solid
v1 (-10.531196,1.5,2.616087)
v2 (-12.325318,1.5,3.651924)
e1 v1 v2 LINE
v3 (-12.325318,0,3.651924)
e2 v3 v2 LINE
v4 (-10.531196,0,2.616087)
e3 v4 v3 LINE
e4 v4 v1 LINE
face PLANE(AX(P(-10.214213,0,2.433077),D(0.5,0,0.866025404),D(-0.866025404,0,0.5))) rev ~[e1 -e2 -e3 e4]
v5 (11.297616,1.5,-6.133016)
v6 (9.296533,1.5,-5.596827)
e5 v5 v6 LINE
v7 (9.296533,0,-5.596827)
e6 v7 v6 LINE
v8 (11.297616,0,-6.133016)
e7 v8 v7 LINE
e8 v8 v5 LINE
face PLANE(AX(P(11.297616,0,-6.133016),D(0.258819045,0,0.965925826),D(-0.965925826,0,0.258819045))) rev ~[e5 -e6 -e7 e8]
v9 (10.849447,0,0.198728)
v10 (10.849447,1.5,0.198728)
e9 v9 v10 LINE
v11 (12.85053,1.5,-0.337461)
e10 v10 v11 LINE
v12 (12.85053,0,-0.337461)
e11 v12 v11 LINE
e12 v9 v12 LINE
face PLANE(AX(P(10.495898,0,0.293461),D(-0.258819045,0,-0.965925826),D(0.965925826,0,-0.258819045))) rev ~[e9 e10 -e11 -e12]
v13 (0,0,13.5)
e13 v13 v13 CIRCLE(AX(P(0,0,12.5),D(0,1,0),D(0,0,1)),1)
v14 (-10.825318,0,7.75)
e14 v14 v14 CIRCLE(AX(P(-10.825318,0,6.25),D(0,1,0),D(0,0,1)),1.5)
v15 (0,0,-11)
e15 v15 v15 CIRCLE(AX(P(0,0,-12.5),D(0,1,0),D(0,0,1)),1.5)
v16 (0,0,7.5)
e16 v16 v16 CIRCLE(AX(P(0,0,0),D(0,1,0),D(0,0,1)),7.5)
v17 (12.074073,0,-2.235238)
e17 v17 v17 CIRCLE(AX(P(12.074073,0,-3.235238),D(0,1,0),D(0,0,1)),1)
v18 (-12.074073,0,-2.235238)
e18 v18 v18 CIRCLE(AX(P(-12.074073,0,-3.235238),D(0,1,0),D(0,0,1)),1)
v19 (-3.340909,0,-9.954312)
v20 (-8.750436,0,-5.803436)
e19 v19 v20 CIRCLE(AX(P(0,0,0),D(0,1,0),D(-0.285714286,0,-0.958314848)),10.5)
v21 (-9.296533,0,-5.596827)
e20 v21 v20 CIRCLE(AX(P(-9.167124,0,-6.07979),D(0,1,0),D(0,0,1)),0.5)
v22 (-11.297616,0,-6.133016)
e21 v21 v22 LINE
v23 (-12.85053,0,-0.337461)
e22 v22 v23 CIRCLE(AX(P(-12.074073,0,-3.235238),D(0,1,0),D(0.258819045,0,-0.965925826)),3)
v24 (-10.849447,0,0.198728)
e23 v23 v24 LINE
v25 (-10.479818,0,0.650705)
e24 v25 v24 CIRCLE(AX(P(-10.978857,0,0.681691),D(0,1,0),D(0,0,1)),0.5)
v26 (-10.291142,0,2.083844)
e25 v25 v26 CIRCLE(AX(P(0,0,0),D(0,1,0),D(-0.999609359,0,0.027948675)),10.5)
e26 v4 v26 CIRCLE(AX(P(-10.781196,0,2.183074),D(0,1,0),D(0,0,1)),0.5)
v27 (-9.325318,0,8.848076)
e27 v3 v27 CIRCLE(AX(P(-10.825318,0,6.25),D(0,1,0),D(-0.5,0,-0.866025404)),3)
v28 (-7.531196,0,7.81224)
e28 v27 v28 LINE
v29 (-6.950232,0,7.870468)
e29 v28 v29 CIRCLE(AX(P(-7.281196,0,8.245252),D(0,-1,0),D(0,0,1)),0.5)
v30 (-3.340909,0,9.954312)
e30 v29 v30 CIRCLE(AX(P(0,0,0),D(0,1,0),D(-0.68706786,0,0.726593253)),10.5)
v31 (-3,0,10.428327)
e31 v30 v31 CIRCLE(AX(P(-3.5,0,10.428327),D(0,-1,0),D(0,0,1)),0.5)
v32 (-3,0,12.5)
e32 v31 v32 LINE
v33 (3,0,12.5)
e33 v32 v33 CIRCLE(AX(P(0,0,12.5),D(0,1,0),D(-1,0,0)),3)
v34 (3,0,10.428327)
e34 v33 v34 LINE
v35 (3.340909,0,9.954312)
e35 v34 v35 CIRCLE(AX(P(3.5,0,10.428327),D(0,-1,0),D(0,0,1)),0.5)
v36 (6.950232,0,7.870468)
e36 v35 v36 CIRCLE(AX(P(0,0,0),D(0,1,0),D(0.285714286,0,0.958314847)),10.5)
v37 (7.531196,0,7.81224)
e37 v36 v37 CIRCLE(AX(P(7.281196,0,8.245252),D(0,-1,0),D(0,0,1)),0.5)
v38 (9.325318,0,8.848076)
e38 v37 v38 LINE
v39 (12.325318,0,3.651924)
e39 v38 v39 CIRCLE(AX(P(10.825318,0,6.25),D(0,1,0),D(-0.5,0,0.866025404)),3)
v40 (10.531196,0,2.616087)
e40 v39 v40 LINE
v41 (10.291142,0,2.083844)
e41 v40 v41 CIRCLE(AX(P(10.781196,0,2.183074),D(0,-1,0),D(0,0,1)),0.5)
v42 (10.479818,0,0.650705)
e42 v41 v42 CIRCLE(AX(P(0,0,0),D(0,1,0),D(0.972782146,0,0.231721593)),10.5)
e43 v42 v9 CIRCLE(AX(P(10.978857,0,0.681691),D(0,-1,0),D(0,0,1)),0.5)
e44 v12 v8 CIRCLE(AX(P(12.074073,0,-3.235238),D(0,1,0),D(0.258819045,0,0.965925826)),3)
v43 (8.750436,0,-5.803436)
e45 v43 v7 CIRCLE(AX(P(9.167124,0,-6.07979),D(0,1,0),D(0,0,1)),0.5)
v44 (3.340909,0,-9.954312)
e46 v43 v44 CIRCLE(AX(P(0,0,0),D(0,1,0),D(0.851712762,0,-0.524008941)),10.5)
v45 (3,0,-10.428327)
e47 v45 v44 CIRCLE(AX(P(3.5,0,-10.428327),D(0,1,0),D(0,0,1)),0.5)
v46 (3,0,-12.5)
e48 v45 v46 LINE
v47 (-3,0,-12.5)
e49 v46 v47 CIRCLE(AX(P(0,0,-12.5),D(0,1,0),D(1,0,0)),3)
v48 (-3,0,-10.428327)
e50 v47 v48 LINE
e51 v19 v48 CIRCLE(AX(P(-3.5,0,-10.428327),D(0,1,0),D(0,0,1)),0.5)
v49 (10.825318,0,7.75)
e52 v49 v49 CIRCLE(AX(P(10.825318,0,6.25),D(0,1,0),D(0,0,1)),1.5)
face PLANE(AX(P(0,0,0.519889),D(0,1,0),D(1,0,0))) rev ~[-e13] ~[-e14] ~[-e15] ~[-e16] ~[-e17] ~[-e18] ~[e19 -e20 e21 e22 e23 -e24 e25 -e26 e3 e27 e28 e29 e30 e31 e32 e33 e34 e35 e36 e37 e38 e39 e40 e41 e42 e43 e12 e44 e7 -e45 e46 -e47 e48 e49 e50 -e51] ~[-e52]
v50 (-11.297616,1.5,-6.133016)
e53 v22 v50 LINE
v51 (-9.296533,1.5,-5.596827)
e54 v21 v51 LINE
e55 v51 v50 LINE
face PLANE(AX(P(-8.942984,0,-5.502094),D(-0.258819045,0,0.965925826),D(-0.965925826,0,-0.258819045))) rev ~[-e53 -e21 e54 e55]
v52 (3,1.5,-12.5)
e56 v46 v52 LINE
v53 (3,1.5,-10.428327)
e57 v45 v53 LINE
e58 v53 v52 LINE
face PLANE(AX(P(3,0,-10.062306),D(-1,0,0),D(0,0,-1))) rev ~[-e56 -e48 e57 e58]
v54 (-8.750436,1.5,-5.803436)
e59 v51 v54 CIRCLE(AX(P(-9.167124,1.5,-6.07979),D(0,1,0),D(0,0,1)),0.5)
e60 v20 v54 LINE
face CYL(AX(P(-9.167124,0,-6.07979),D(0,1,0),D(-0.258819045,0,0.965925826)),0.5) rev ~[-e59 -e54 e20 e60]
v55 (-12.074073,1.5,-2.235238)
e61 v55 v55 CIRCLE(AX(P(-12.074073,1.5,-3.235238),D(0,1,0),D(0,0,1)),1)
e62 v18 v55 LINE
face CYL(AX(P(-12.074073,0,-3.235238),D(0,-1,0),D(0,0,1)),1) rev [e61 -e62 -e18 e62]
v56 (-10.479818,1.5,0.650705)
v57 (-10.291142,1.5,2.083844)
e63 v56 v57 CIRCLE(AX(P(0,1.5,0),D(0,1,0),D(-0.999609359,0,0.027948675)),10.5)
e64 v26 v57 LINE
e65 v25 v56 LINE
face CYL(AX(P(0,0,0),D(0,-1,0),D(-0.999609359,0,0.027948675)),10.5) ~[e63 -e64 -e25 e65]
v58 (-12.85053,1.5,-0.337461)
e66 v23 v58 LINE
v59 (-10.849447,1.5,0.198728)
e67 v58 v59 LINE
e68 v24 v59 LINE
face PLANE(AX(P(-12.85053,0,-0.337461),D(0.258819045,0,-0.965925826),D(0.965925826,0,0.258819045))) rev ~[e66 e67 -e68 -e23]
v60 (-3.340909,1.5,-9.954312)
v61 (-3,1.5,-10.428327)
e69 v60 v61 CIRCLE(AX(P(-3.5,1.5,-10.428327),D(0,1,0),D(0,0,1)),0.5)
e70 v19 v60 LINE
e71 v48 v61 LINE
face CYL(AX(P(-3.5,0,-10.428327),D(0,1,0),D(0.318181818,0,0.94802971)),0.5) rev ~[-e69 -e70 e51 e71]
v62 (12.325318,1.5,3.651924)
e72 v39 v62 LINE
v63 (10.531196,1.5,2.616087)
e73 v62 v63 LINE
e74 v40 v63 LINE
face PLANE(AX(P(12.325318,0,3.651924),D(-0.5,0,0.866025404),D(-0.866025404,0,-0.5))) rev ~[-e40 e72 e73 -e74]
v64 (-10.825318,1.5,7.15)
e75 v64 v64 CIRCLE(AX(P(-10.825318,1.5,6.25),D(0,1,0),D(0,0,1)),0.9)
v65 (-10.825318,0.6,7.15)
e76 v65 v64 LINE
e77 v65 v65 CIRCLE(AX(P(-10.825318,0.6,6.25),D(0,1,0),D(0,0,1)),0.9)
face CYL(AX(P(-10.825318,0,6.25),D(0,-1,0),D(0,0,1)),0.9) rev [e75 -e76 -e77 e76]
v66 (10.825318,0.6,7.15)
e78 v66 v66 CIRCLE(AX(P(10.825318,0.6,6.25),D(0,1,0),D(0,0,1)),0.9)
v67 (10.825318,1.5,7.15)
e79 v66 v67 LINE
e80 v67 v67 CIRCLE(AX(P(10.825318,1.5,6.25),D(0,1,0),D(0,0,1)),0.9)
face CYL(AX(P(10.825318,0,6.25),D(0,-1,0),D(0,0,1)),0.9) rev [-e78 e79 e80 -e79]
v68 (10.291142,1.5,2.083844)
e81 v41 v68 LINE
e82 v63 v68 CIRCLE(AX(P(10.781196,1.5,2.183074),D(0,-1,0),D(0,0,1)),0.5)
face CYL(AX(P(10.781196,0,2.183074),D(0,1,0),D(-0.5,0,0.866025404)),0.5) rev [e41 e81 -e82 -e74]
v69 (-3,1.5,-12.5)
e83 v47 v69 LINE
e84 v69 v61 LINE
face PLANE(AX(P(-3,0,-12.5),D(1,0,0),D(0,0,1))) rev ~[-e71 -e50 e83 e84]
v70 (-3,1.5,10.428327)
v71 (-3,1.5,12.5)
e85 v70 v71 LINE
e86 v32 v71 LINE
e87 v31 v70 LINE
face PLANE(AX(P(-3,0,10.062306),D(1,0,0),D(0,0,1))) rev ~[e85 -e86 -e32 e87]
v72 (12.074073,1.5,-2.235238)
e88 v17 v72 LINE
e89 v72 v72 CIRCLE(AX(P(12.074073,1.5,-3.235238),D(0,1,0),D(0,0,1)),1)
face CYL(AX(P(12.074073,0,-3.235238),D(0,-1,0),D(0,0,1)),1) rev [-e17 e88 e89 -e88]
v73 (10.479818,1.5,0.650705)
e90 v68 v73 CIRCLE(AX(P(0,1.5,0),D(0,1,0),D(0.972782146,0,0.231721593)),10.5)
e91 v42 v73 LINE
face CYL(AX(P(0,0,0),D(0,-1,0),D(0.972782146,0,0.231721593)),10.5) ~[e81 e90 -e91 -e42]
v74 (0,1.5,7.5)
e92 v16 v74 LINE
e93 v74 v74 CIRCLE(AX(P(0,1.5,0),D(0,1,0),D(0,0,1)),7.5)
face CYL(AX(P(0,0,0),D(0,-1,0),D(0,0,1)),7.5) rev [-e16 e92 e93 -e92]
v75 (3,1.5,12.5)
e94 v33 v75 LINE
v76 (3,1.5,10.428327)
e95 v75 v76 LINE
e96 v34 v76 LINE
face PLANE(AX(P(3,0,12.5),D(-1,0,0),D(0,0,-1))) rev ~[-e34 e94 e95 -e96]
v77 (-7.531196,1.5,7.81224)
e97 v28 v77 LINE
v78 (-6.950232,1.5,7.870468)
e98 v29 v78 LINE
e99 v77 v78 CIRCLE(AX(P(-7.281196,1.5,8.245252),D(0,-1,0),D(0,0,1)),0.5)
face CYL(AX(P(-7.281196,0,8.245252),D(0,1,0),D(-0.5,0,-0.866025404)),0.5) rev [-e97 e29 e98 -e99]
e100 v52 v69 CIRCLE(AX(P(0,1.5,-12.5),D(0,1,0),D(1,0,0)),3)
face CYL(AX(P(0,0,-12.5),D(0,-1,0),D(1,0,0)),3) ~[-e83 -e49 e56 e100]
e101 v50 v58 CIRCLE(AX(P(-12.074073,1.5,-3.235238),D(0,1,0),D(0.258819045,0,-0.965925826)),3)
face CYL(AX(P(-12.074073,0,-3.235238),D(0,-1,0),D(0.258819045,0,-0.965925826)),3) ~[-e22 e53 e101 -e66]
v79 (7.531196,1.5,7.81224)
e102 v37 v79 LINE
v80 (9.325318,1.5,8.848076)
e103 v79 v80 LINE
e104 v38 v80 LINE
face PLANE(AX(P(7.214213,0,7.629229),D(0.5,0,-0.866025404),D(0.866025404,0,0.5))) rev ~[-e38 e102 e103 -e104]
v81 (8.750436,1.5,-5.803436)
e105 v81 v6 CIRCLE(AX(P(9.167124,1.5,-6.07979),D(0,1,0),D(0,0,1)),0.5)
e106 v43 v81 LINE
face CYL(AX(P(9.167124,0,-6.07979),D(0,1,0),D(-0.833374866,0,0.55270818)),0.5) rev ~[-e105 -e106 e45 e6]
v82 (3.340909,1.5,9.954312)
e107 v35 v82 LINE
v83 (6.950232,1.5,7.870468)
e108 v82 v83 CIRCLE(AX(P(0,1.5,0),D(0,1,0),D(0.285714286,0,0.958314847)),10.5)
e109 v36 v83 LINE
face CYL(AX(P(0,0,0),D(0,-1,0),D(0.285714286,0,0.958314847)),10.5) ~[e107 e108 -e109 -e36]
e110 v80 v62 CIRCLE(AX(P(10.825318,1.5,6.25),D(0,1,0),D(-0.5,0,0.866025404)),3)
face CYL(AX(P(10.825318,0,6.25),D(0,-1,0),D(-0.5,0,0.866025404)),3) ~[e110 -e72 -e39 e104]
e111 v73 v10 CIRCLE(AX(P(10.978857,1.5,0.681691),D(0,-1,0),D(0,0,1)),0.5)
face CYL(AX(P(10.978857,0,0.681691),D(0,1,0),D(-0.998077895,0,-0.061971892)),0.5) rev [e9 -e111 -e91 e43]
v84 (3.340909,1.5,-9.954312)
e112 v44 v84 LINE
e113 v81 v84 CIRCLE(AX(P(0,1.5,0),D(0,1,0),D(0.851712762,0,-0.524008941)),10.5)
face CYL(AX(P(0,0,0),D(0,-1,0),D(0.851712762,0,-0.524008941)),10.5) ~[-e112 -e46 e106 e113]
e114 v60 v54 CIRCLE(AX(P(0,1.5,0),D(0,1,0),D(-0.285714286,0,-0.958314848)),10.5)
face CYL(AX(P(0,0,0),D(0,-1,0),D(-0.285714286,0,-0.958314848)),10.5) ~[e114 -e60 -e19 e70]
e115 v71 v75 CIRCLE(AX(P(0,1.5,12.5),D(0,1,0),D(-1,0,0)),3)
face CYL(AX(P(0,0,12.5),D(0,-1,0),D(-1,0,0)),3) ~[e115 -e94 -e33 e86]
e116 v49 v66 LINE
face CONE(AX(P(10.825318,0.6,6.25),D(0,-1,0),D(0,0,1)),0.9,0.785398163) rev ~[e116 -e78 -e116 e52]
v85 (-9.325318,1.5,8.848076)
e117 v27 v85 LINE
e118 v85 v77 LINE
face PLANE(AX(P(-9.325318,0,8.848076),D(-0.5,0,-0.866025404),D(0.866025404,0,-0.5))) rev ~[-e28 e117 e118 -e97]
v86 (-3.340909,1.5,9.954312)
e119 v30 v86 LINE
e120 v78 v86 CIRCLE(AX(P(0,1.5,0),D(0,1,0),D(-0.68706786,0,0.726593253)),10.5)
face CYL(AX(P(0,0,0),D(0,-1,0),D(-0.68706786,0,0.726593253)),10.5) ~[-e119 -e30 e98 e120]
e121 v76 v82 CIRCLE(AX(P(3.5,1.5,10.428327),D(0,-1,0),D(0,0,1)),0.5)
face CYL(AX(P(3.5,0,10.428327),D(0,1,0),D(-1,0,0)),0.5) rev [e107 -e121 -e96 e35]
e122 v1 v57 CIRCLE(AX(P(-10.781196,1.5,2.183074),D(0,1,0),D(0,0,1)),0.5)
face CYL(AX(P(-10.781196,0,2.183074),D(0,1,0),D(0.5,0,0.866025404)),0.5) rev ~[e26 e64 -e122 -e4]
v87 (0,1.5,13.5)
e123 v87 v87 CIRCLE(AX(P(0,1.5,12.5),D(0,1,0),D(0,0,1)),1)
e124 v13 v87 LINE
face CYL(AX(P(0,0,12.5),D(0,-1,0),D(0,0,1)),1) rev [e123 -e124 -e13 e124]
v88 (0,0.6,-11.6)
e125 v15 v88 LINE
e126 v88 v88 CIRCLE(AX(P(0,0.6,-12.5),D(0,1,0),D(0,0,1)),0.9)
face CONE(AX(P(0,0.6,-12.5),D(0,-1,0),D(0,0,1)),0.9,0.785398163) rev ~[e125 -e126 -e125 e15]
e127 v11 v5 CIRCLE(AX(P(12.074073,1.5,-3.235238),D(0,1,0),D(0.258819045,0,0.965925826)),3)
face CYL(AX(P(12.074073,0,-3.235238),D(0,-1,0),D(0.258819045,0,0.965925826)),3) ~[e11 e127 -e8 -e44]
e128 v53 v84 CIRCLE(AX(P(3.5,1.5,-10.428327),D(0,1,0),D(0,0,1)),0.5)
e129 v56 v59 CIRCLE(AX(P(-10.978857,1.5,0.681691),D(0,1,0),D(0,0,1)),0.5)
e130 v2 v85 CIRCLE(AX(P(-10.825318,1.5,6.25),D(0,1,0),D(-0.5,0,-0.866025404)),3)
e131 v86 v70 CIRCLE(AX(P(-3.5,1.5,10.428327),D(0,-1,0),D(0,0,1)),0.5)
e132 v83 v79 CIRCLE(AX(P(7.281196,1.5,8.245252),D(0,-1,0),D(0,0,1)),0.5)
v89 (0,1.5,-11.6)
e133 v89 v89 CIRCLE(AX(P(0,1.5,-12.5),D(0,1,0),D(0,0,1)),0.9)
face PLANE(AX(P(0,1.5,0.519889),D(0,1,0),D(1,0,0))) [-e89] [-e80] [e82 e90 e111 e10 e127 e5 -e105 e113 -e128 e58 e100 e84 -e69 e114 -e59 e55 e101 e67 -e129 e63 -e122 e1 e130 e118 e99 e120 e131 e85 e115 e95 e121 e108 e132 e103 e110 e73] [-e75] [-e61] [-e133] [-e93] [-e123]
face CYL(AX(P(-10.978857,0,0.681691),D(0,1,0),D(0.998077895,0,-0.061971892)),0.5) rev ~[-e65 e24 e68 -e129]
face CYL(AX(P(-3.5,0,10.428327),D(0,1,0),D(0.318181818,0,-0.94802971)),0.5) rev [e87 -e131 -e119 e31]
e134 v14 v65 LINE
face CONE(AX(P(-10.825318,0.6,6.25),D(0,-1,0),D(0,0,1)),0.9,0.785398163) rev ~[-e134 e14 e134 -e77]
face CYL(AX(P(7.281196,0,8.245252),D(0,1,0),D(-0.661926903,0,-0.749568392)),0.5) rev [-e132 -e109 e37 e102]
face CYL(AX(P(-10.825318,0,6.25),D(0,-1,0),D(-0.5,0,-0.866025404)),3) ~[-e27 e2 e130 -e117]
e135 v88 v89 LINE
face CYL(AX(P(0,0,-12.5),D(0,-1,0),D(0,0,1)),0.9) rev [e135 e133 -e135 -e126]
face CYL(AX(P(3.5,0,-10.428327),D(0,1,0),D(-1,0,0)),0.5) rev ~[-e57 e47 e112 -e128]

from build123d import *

# Parameters (mm, degrees)
SKETCH1_R           = 1
SKETCH1_R_2         = 0.9
SKETCH1_R_3         = 7.5
BOSS_EXTRUDE1_DEPTH = 1.5
FILLET1_R           = 0.5
CHAMFER1_SIZE       = 0.6


with BuildPart() as part:
    # Sketch1 → Boss-Extrude1 (new body)
    with BuildSketch(Plane(origin=(0, 0, 0), x_dir=(1, 0, 0), z_dir=(0, 1, 0))):
        with BuildLine():
            Line((-10.214212529, -2.433076738), (-12.325317547, -3.651923789))
            ThreePointArc((-12.325317547, -3.651923789), (-13.423393759, -7.75), (-9.325317547, -8.848076211))
            Line((-9.325317547, -8.848076211), (-7.214212529, -7.629229161))
            ThreePointArc((-7.214212529, -7.629229161), (-5.25, -9.09326674), (-3, -10.062305899))
            Line((-3, -10.062305899), (-3, -12.5))
            ThreePointArc((-3, -12.5), (0, -15.5), (3, -12.5))
            Line((3, -12.5), (3, -10.062305899))
            ThreePointArc((3, -10.062305899), (5.25, -9.09326674), (7.214212529, -7.629229161))
            Line((7.214212529, -7.629229161), (9.325317547, -8.848076211))
            ThreePointArc((9.325317547, -8.848076211), (13.423393759, -7.75), (12.325317547, -3.651923789))
            Line((12.325317547, -3.651923789), (10.214212529, -2.433076738))
            ThreePointArc((10.214212529, -2.433076738), (10.410171044, -1.370525018), (10.495898275, -0.293461075))
            Line((10.495898275, -0.293461075), (12.850529964, 0.337460585))
            ThreePointArc((12.850529964, 0.337460585), (14.971850307, 4.011695199), (11.297615693, 6.133015543))
            Line((11.297615693, 6.133015543), (8.942984004, 5.502093883))
            ThreePointArc((8.942984004, 5.502093883), (6.391995005, 8.330210073), (3, 10.062305899))
            Line((3, 10.062305899), (3, 12.5))
            ThreePointArc((3, 12.5), (0, 15.5), (-3, 12.5))
            Line((-3, 12.5), (-3, 10.062305899))
            ThreePointArc((-3, 10.062305899), (-6.391995005, 8.330210073), (-8.942984004, 5.502093883))
            Line((-8.942984004, 5.502093883), (-11.297615693, 6.133015543))
            ThreePointArc((-11.297615693, 6.133015543), (-14.971850307, 4.011695199), (-12.850529964, 0.337460585))
            Line((-12.850529964, 0.337460585), (-10.495898275, -0.293461075))
            ThreePointArc((-10.495898275, -0.293461075), (-10.410171044, -1.370525018), (-10.214212529, -2.433076738))
        make_face()
        with Locations(Location((0, -12.5, 0), (0, 0, 270))):
            Circle(SKETCH1_R, mode=Mode.SUBTRACT)
        with Locations(Location((-10.825317547, -6.25, 0), (0, 0, 270))):
            Circle(SKETCH1_R_2, mode=Mode.SUBTRACT)
        with Locations(Location((10.825317547, -6.25, 0), (0, 0, 270))):
            Circle(SKETCH1_R_2, mode=Mode.SUBTRACT)
        with Locations(Location((0, 0, 0), (0, 0, 270))):
            Circle(SKETCH1_R_3, mode=Mode.SUBTRACT)
        with Locations(Location((0, 12.5, 0), (0, 0, 270))):
            Circle(SKETCH1_R_2, mode=Mode.SUBTRACT)
        with Locations(Location((12.074072829, 3.235238064, 0), (0, 0, 270))):
            Circle(SKETCH1_R, mode=Mode.SUBTRACT)
        with Locations(Location((-12.074072829, 3.235238064, 0), (0, 0, 270))):
            Circle(SKETCH1_R, mode=Mode.SUBTRACT)
    extrude(amount=BOSS_EXTRUDE1_DEPTH)

    # Fillet1
    fillet1_edges = [part.edges().sort_by_distance(p)[0] for p in [
        (-7.214212529, 0.75, 7.629229161),
        (-10.214212529, 0.75, 2.433076738),
        (-10.495898275, 0.75, 0.293461075),
        (-8.942984004, 0.75, -5.502093883),
        (-3, 0.75, -10.062305899),
        (3, 0.75, -10.062305899),
        (8.942984004, 0.75, -5.502093883),
        (10.495898275, 0.75, 0.293461075),
        (10.214212529, 0.75, 2.433076738),
        (7.214212529, 0.75, 7.629229161),
        (3, 0.75, 10.062305899),
        (-3, 0.75, 10.062305899),
    ]]
    fillet(fillet1_edges, radius=FILLET1_R)

    # Chamfer1
    chamfer1_edges = [part.edges().sort_by_distance(p)[0] for p in [
        (10.825317547, 0, 5.35),
        (-10.825317547, 0, 5.35),
        (0, 0, -13.4),
    ]]
    chamfer(chamfer1_edges, length=CHAMFER1_SIZE)


solid = part.part
